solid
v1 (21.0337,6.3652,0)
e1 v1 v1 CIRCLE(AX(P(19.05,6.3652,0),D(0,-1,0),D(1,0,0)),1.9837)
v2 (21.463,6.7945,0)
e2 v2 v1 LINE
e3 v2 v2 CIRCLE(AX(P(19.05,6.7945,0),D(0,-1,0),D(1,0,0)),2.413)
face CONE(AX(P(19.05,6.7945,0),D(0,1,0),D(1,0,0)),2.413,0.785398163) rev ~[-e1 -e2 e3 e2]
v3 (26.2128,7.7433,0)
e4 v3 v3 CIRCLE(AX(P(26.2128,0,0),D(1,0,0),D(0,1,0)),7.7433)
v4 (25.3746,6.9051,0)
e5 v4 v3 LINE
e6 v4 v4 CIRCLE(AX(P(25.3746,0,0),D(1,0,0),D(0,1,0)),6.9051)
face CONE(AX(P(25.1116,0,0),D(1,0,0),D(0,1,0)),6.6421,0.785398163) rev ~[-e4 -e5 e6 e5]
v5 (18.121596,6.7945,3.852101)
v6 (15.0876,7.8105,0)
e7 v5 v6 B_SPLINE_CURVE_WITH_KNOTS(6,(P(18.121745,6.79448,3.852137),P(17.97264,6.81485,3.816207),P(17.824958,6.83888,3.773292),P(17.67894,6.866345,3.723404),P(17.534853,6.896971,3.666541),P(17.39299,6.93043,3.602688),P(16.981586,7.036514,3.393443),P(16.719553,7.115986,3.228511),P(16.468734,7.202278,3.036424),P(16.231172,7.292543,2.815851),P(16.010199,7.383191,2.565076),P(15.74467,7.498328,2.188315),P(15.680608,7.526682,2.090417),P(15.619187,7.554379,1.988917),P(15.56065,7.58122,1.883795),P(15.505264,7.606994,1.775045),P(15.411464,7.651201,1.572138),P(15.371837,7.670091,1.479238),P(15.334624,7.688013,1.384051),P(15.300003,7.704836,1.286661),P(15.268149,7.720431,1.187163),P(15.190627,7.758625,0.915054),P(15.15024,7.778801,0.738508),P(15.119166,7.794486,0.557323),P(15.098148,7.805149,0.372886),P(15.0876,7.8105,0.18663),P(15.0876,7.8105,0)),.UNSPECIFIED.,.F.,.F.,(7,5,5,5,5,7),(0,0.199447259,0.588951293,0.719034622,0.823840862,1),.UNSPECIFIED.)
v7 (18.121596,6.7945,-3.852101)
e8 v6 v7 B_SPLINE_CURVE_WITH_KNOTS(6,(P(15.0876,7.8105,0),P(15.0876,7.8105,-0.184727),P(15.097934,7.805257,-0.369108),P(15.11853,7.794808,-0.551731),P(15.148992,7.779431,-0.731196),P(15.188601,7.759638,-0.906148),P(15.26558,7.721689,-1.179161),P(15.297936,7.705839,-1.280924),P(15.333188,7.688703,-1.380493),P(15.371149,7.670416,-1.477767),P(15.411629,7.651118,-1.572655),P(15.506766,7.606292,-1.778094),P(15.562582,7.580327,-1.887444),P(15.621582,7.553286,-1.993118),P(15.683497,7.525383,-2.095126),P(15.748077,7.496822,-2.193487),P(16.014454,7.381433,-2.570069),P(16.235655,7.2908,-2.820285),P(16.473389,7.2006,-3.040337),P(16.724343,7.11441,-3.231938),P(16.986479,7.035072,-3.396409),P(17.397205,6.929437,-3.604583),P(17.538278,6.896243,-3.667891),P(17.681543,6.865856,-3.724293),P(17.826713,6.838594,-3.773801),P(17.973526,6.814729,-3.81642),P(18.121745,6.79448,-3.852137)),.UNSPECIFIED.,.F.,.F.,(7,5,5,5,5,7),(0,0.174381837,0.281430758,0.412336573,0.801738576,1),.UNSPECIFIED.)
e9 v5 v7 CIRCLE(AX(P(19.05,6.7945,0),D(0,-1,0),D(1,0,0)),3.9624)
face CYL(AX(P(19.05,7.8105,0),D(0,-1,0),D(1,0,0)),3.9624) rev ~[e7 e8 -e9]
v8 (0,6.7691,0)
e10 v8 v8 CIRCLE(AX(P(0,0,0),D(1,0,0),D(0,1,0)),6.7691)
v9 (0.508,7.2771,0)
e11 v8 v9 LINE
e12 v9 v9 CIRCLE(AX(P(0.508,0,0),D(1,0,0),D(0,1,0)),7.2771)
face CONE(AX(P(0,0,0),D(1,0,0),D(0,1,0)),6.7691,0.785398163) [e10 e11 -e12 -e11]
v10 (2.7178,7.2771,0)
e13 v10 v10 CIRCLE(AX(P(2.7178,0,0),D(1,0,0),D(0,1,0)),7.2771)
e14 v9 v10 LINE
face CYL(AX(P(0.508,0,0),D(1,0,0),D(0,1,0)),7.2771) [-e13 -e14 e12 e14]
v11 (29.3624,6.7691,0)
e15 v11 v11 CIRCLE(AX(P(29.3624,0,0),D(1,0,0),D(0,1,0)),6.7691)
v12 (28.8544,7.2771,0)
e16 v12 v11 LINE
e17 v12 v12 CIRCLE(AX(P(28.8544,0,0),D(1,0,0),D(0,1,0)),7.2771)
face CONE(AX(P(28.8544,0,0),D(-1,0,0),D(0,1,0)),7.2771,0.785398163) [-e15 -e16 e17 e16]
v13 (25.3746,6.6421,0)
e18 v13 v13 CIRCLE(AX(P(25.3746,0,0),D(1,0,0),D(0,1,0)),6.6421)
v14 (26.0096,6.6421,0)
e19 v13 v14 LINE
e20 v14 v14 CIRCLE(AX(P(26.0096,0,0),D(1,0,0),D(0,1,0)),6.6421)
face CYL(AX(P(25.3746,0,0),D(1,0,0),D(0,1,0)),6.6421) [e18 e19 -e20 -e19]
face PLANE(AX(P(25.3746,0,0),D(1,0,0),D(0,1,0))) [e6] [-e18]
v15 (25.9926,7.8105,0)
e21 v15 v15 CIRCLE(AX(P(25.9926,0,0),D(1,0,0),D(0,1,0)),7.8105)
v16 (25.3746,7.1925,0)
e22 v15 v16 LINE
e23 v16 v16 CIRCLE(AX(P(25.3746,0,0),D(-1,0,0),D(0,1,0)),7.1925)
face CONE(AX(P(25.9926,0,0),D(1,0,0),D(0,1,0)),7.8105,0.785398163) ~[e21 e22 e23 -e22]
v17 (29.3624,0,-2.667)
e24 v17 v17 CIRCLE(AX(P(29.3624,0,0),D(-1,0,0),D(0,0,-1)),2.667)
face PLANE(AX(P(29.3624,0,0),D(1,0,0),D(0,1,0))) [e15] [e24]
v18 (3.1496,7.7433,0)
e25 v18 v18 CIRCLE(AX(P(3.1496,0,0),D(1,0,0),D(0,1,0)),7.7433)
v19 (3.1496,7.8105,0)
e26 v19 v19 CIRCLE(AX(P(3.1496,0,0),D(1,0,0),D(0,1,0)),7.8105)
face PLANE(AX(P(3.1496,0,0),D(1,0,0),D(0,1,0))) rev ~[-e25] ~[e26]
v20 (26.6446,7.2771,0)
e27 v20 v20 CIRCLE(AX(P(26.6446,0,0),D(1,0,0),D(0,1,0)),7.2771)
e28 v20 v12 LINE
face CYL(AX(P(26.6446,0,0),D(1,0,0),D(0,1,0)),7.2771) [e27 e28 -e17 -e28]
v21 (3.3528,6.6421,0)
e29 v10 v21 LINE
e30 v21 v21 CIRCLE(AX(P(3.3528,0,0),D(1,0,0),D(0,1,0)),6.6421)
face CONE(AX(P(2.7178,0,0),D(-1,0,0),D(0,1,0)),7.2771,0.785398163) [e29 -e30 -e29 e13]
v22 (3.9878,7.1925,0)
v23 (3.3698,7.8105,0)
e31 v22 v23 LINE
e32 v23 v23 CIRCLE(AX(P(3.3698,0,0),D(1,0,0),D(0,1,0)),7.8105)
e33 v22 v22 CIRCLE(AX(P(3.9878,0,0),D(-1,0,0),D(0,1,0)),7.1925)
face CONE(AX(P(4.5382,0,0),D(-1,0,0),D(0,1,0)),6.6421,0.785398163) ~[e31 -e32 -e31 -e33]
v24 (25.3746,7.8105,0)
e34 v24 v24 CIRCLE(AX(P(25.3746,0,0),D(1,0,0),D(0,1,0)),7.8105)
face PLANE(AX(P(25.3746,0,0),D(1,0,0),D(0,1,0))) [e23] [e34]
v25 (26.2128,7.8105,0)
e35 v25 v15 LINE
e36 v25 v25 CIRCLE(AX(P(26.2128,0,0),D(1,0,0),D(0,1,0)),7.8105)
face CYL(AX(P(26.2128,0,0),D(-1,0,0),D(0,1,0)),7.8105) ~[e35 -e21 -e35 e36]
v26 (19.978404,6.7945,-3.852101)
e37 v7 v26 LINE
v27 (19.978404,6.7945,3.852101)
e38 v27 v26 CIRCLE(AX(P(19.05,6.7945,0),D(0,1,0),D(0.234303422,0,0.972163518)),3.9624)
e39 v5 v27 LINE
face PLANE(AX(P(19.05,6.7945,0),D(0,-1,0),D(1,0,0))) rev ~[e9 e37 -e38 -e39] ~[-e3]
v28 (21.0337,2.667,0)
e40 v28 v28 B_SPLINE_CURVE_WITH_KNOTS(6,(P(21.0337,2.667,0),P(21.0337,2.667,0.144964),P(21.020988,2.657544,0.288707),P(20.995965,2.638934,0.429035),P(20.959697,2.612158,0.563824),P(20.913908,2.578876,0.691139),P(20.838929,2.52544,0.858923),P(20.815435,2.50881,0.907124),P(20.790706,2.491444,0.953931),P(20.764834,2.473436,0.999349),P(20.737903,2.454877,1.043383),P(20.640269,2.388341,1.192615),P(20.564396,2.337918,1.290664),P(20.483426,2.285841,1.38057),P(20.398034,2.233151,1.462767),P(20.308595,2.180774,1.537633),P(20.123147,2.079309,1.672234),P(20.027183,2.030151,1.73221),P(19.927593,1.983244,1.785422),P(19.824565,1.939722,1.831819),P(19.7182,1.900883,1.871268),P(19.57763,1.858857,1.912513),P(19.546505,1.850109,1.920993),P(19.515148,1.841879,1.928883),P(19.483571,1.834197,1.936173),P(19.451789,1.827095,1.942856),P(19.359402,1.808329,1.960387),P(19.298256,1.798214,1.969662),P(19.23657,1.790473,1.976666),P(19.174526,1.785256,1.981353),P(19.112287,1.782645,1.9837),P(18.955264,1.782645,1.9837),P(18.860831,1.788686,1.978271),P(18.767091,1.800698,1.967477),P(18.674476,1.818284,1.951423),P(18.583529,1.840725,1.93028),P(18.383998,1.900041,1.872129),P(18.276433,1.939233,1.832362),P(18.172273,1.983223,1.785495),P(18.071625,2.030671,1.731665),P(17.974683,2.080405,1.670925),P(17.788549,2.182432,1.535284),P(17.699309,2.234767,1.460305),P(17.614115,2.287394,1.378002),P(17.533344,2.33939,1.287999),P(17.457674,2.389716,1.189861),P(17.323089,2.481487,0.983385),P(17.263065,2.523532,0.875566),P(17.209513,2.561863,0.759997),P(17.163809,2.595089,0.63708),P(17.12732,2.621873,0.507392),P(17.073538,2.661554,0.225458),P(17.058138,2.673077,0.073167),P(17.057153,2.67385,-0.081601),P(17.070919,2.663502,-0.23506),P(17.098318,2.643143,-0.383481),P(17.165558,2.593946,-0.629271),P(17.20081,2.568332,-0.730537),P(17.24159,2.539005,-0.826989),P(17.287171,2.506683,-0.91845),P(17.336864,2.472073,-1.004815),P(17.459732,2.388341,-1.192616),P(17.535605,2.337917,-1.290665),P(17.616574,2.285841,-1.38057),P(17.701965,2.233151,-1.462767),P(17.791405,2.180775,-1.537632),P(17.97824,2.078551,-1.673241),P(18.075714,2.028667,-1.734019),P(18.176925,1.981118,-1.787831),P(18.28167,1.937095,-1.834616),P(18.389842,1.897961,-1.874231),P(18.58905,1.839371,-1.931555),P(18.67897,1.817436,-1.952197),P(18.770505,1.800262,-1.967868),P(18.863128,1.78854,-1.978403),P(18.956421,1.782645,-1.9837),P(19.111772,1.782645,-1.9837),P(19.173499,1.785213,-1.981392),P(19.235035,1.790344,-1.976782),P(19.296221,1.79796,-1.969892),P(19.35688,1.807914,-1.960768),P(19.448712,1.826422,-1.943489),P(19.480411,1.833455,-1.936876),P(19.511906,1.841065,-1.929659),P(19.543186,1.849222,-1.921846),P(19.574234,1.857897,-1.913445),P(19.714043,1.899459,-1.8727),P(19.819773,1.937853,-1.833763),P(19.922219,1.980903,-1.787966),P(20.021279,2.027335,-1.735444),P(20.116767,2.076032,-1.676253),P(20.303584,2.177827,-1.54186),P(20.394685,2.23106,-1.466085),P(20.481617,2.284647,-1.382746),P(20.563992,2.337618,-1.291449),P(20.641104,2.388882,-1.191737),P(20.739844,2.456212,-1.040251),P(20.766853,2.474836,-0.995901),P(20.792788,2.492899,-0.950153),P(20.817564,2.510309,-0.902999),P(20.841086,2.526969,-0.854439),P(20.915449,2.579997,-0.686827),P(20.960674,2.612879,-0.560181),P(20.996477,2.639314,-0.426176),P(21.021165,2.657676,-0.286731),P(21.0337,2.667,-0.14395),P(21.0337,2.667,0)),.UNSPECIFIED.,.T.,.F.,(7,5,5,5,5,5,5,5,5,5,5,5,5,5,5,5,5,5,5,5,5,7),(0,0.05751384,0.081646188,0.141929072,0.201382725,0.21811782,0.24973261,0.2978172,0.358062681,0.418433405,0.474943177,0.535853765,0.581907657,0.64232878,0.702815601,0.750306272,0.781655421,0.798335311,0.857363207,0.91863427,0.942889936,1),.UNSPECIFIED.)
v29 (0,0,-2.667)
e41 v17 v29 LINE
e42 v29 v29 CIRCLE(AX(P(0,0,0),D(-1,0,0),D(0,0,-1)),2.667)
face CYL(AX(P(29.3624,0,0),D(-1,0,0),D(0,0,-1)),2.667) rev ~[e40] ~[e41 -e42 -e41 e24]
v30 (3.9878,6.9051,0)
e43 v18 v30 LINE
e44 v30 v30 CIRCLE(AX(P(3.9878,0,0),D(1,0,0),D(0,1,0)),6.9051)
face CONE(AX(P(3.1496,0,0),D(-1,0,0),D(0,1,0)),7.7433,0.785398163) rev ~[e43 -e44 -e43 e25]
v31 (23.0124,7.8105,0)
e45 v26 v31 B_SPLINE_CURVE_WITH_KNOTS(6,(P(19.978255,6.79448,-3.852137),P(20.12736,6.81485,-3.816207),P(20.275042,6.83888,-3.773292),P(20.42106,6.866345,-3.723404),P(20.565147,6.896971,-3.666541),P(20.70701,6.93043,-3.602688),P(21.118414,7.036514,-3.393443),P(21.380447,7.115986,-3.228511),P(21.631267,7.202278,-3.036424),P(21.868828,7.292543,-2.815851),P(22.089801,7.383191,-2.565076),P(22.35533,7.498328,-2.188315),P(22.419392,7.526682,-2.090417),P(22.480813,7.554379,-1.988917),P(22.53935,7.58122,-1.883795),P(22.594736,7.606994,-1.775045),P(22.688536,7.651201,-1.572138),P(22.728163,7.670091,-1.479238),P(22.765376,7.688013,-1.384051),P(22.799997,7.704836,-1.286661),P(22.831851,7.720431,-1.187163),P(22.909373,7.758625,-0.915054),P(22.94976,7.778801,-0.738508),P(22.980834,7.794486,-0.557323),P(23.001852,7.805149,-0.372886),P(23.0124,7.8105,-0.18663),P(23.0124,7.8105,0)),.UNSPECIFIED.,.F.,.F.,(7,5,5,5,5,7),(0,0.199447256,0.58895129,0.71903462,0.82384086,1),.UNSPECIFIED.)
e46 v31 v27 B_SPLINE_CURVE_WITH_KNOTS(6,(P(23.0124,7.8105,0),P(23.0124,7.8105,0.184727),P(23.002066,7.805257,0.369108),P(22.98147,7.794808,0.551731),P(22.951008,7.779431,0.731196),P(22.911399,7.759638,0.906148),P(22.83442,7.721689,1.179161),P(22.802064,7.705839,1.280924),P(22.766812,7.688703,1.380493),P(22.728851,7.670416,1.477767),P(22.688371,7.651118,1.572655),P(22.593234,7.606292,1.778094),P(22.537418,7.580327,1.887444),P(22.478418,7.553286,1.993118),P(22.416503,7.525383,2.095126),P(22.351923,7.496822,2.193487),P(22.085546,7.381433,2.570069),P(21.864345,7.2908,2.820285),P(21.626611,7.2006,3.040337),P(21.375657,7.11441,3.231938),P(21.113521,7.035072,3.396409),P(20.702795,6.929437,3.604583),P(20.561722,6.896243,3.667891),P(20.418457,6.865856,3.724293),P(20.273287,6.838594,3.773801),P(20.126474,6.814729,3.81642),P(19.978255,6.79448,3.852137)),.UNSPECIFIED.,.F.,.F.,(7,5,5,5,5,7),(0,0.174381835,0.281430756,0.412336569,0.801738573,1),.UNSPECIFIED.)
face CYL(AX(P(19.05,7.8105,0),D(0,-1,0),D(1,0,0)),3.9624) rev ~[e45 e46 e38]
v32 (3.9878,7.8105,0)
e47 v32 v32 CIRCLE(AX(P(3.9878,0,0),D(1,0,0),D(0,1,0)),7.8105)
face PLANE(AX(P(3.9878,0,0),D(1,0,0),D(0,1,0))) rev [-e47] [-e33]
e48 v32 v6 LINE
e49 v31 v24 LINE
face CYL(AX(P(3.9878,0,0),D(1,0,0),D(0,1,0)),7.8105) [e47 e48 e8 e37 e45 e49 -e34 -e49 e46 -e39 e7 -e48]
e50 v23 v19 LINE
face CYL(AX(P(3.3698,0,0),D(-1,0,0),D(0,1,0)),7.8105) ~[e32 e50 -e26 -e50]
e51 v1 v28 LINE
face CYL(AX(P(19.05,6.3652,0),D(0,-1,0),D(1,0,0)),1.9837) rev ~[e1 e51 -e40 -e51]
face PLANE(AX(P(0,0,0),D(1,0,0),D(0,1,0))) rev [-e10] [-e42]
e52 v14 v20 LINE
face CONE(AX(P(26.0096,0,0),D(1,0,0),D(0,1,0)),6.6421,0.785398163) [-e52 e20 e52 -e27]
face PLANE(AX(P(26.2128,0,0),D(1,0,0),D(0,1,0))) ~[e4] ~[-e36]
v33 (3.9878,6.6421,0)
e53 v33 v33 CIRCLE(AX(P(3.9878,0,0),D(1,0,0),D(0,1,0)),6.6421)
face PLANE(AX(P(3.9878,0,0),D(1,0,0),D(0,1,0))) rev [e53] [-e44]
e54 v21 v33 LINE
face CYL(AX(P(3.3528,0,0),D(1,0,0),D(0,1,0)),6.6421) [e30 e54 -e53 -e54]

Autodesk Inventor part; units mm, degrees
sketch "Sketch_1" plane through (0, 0, 0) normal (0, 0, 1) x (1, 0, 0)
  line L0 (29.3624, 0) -> (0, 0)
  line L1 (0, 0) -> (0, 6.7691)
  line L2 (0, 6.7691) -> (0.508, 7.2771)
  line L3 (0.508, 7.2771) -> (2.7178, 7.2771)
  line L4 (2.7178, 7.2771) -> (3.3528, 6.6421)
  line L5 (3.3528, 6.6421) -> (3.9878, 6.6421)
  line L6 (3.9878, 6.6421) -> (3.9878, 7.8105)
  line L7 (3.9878, 7.8105) -> (25.3746, 7.8105)
  line L8 (25.3746, 7.8105) -> (25.3746, 6.6421)
  line L9 (25.3746, 6.6421) -> (26.0096, 6.6421)
  line L10 (26.0096, 6.6421) -> (26.6446, 7.2771)
  line L11 (26.6446, 7.2771) -> (28.8544, 7.2771)
  line L12 (28.8544, 7.2771) -> (29.3624, 6.7691)
  line L13 (29.3624, 6.7691) -> (29.3624, 0)
  line L14 (29.3624, 0) -> (0, 0)
revolve "Revolution1" add sketch "Sketch_1" angle 360 about axis through (29.3624, 0, 0) along (1, 0, 0)
sketch "Sketch2" plane through (29.3624, 0, 0) normal (1, 0, 0) x (0, 0, -1)
  point P0 (0, 0)
hole "Hole1" at (29.3624, 0, 0) direction (-1, 0, 0) diameter 5.334 depth 29.3624
sketch "Sketch_6" plane through (0, 0, 0) normal (0, 0, 1) x (1, 0, 0)
  line L0 (19.05, 0) -> (19.05, 7.8105)
  line L1 (19.05, 7.8105) -> (23.0124, 7.8105)
  line L2 (23.0124, 7.8105) -> (23.0124, 6.7945)
  line L3 (23.0124, 6.7945) -> (21.463, 6.7945)
  line L4 (21.463, 6.7945) -> (21.0337, 6.3652)
  line L5 (21.0337, 6.3652) -> (21.0337, 0)
  line L6 (21.0337, 0) -> (19.05, 0)
  line L7 (19.05, 0) -> (19.05, 7.8105)
revolve "Revolution2" cut sketch "Sketch_6" angle 360 about axis through (19.05, 0, 0) along (0, -1, 0)
thread "Thread1" size "10-32 UNF" class "2B" standard "ANSI Unified Screw Threads" length 2.4257 offset 2.5862
sketch "Sketch_8" plane through (0, 0, 0) normal (0, 0, 1) x (1, 0, 0)
  line L0 (29.3624, 0) -> (-29.3624, 0)
  line L1 (24.8242, 6.6421) -> (25.1116, 6.6421)
  line L2 (25.1116, 6.6421) -> (26.2128, 7.7433)
  line L3 (26.2128, 7.7433) -> (26.2128, 7.8105)
  line L4 (26.2128, 7.8105) -> (25.9926, 7.8105)
  line L5 (25.9926, 7.8105) -> (24.8242, 6.6421)
revolve "Revolution3" add sketch "Sketch_8" angle 360 about axis through (29.3624, 0, 0) along (1, 0, 0)
sketch "Sketch_14" plane through (0, 0, 0) normal (0, 0, 1) x (1, 0, 0)
  line L0 (29.3624, 0) -> (-29.3624, 0)
  line L1 (3.1496, 7.7433) -> (4.2508, 6.6421)
  line L2 (4.2508, 6.6421) -> (4.5382, 6.6421)
  line L3 (4.5382, 6.6421) -> (3.3698, 7.8105)
  line L4 (3.3698, 7.8105) -> (3.1496, 7.8105)
  line L5 (3.1496, 7.8105) -> (3.1496, 7.7433)
revolve "Revolution4" add sketch "Sketch_14" angle 360 about axis through (29.3624, 0, 0) along (1, 0, 0)
ref_plane "ba2_XY" through (19.05, 7.8105, 0) normal (0, 0, 1) x (1, 0, 0)
ref_plane "ba2_YZ" through (19.05, 7.8105, 0) normal (1, 0, 0) x (0, 1, 0)
ref_plane "ba2_ZX" through (19.05, 7.8105, 0) normal (0, 1, 0) x (0, 0, 1)
ref_plane "centar_XY" through (14.6812, 0, 0) normal (1, 0, 0) x (0, 0, -1)
ref_plane "centar_YZ" through (14.6812, 0, 0) normal (0, 0, -1) x (0, 1, 0)
ref_plane "centar_ZX" through (14.6812, 0, 0) normal (0, 1, 0) x (1, 0, 0)
ref_plane "d1_XY" through (21.463, 6.7945, 0) normal (0, 0, 1) x (1, 0, 0)
ref_plane "d1_YZ" through (21.463, 6.7945, 0) normal (1, 0, 0) x (0, 1, 0)
ref_plane "d1_ZX" through (21.463, 6.7945, 0) normal (0, 1, 0) x (0, 0, 1)
ref_plane "d2_XY" through (16.637, 6.7945, 0) normal (0, 0, 1) x (1, 0, 0)
ref_plane "d2_YZ" through (16.637, 6.7945, 0) normal (1, 0, 0) x (0, 1, 0)
ref_plane "d2_ZX" through (16.637, 6.7945, 0) normal (0, 1, 0) x (0, 0, 1)
ref_plane "to_cyl_A_XY" through (2.7178, 0, 0) normal (1, 0, 0) x (0, 0, -1)
ref_plane "to_cyl_A_YZ" through (2.7178, 0, 0) normal (0, 0, -1) x (0, 1, 0)
ref_plane "to_cyl_A_ZX" through (2.7178, 0, 0) normal (0, 1, 0) x (1, 0, 0)
ref_plane "to_cyl_B_XY" through (26.6446, 0, 0) normal (1, 0, 0) x (0, 0, -1)
ref_plane "to_cyl_B_YZ" through (26.6446, 0, 0) normal (0, 0, -1) x (0, 1, 0)
ref_plane "to_cyl_B_ZX" through (26.6446, 0, 0) normal (0, 1, 0) x (1, 0, 0)
ref_plane "to_rod_A_XY" through (29.3624, 0, 0) normal (1, 0, 0) x (0, 0, -1)
ref_plane "to_rod_A_YZ" through (29.3624, 0, 0) normal (0, 0, -1) x (0, 1, 0)
ref_plane "to_rod_A_ZX" through (29.3624, 0, 0) normal (0, 1, 0) x (1, 0, 0)
properties part number "D-68355-XP--0" material "Steel"
